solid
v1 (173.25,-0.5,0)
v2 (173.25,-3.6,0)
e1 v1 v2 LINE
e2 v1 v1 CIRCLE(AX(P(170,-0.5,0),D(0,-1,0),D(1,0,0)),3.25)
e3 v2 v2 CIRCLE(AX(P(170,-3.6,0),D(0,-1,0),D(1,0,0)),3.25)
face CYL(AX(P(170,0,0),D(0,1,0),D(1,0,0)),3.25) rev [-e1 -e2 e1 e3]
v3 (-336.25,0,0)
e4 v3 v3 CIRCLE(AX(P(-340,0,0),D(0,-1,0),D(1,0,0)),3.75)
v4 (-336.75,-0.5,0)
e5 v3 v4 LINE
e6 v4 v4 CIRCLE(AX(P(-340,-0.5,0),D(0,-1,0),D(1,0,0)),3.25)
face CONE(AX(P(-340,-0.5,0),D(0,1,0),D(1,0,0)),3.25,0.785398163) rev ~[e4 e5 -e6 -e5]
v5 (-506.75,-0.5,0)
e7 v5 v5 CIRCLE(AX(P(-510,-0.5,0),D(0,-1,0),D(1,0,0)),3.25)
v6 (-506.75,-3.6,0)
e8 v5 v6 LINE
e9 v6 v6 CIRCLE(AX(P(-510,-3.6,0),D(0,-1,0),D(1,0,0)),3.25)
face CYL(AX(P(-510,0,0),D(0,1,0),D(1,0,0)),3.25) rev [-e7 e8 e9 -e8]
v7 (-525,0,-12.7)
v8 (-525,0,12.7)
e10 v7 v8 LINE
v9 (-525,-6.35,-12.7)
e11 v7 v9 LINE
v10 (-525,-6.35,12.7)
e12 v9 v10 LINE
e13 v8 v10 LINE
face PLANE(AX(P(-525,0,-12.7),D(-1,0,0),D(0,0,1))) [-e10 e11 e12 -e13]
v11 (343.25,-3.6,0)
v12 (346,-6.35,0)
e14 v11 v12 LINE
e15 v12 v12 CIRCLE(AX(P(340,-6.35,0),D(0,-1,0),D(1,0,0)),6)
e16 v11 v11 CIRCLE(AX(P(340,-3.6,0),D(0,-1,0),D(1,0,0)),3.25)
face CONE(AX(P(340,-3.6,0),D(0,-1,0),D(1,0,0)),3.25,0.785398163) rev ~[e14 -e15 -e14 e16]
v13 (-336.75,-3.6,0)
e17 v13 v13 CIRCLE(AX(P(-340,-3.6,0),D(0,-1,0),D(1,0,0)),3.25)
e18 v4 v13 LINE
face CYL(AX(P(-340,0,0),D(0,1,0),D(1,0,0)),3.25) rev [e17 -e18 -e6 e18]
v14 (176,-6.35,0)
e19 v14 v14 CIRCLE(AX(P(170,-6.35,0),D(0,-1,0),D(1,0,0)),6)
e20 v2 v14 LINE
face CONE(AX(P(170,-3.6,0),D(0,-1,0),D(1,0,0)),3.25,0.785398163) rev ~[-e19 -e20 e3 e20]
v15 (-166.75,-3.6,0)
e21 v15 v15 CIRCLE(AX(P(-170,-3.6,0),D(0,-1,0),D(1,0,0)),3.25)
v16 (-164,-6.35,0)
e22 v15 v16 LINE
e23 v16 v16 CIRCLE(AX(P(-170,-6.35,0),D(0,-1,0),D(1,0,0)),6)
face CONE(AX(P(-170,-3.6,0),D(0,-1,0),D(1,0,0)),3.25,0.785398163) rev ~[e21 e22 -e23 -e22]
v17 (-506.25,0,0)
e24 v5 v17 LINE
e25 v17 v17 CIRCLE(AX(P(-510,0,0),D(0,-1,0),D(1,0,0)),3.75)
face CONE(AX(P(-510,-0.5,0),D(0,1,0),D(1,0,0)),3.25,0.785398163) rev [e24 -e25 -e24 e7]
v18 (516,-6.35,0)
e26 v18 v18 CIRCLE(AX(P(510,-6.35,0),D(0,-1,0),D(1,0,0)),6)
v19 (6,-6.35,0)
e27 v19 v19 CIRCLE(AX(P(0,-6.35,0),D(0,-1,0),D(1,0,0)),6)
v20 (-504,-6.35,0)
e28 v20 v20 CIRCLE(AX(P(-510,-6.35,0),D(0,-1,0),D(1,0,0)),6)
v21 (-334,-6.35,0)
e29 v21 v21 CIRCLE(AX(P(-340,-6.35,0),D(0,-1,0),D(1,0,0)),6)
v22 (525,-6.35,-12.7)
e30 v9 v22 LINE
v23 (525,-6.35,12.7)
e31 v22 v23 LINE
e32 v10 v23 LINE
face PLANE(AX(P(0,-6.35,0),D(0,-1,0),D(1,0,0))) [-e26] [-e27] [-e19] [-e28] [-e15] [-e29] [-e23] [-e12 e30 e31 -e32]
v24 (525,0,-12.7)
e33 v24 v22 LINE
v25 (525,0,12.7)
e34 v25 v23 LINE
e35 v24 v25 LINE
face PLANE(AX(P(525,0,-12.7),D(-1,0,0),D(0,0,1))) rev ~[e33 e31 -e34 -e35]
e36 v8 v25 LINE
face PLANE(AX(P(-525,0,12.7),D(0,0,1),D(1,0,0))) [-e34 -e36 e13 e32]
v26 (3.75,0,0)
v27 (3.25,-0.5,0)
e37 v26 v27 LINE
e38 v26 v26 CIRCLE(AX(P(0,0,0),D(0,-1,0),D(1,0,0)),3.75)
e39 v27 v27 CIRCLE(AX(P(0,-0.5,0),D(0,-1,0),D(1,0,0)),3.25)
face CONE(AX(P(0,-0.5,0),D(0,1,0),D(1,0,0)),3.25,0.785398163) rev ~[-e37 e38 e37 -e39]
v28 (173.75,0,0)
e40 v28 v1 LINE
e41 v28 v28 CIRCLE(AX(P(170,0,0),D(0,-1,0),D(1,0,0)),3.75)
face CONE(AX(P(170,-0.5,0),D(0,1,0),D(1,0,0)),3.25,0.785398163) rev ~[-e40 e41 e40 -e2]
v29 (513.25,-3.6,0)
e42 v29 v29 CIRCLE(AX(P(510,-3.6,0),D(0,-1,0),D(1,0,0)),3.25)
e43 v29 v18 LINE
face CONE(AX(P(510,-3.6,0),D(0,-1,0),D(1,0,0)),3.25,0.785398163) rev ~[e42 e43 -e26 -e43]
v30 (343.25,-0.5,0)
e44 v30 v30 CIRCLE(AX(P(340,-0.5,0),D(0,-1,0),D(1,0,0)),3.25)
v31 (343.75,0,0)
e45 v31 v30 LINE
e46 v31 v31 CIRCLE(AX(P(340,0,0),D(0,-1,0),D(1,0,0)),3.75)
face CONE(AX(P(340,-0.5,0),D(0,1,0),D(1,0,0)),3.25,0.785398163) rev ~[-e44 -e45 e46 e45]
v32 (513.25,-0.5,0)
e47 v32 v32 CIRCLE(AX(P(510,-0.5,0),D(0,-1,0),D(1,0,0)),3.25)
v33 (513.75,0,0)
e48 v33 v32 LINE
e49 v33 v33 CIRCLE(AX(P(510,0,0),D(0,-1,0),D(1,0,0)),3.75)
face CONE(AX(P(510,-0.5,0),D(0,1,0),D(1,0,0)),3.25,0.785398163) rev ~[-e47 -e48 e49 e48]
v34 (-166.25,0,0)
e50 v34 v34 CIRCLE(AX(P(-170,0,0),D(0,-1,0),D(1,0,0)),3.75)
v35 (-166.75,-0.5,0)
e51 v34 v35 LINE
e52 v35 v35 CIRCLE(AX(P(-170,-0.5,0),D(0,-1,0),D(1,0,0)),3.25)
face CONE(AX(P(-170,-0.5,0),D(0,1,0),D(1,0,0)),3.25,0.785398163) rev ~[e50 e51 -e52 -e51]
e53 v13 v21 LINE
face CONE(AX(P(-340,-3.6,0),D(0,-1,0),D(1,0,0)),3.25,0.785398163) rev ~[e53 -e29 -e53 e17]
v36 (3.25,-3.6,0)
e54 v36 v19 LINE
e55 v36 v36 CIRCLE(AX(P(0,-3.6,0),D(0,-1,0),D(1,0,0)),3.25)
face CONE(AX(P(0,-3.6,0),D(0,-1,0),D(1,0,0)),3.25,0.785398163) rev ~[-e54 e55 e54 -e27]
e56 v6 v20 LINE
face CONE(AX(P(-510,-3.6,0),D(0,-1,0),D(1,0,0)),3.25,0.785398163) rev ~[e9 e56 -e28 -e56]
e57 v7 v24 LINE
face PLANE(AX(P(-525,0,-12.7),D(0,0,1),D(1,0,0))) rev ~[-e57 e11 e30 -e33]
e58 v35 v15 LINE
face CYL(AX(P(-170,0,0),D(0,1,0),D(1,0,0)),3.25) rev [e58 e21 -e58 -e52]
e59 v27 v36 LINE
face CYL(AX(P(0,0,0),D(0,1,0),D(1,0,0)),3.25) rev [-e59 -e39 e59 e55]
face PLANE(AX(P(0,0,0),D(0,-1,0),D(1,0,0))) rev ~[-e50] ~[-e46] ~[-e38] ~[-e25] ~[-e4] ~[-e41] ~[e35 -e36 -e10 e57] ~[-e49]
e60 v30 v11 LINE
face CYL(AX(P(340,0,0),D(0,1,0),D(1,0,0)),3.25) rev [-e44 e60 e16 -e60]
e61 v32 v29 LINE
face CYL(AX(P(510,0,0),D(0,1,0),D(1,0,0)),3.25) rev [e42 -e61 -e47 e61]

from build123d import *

# Parameters (mm, degrees)
F0_W     = 1050
F0_H     = 25.4
F0_R     = 3.25
F1_DEPTH = 6.35
F2_SIZE  = 2.75
F3_SIZE  = 0.5


with BuildPart() as f1:
    # F0 (on Front) → F1 (new body)
    with BuildSketch(Plane.XZ):
        Rectangle(F0_W, F0_H)
        with Locations((-510, 0)):
            Circle(F0_R, mode=Mode.SUBTRACT)
        with Locations((-340, 0)):
            Circle(F0_R, mode=Mode.SUBTRACT)
        with Locations((-170, 0)):
            Circle(F0_R, mode=Mode.SUBTRACT)
        Circle(F0_R, mode=Mode.SUBTRACT)
        with Locations((170, 0)):
            Circle(F0_R, mode=Mode.SUBTRACT)
        with Locations((340, 0)):
            Circle(F0_R, mode=Mode.SUBTRACT)
        with Locations((510, 0)):
            Circle(F0_R, mode=Mode.SUBTRACT)
    extrude(amount=F1_DEPTH)

    # F2
    f2_edges = [f1.edges().sort_by_distance(p)[0] for p in [
        (-513.25, -6.35, 0),
        (-173.25, -6.35, 0),
        (-343.25, -6.35, 0),
        (-3.25, -6.35, 0),
        (166.75, -6.35, 0),
        (506.75, -6.35, 0),
        (336.75, -6.35, 0),
    ]]
    chamfer(f2_edges, length=F2_SIZE)

    # F3
    f3_edges = [f1.edges().sort_by_distance(p)[0] for p in [
        (-513.25, 0, 0),
        (-343.25, 0, 0),
        (-173.25, 0, 0),
        (-3.25, 0, 0),
        (166.75, 0, 0),
        (336.75, 0, 0),
        (506.75, 0, 0),
    ]]
    chamfer(f3_edges, length=F3_SIZE)


solid = f1.part
